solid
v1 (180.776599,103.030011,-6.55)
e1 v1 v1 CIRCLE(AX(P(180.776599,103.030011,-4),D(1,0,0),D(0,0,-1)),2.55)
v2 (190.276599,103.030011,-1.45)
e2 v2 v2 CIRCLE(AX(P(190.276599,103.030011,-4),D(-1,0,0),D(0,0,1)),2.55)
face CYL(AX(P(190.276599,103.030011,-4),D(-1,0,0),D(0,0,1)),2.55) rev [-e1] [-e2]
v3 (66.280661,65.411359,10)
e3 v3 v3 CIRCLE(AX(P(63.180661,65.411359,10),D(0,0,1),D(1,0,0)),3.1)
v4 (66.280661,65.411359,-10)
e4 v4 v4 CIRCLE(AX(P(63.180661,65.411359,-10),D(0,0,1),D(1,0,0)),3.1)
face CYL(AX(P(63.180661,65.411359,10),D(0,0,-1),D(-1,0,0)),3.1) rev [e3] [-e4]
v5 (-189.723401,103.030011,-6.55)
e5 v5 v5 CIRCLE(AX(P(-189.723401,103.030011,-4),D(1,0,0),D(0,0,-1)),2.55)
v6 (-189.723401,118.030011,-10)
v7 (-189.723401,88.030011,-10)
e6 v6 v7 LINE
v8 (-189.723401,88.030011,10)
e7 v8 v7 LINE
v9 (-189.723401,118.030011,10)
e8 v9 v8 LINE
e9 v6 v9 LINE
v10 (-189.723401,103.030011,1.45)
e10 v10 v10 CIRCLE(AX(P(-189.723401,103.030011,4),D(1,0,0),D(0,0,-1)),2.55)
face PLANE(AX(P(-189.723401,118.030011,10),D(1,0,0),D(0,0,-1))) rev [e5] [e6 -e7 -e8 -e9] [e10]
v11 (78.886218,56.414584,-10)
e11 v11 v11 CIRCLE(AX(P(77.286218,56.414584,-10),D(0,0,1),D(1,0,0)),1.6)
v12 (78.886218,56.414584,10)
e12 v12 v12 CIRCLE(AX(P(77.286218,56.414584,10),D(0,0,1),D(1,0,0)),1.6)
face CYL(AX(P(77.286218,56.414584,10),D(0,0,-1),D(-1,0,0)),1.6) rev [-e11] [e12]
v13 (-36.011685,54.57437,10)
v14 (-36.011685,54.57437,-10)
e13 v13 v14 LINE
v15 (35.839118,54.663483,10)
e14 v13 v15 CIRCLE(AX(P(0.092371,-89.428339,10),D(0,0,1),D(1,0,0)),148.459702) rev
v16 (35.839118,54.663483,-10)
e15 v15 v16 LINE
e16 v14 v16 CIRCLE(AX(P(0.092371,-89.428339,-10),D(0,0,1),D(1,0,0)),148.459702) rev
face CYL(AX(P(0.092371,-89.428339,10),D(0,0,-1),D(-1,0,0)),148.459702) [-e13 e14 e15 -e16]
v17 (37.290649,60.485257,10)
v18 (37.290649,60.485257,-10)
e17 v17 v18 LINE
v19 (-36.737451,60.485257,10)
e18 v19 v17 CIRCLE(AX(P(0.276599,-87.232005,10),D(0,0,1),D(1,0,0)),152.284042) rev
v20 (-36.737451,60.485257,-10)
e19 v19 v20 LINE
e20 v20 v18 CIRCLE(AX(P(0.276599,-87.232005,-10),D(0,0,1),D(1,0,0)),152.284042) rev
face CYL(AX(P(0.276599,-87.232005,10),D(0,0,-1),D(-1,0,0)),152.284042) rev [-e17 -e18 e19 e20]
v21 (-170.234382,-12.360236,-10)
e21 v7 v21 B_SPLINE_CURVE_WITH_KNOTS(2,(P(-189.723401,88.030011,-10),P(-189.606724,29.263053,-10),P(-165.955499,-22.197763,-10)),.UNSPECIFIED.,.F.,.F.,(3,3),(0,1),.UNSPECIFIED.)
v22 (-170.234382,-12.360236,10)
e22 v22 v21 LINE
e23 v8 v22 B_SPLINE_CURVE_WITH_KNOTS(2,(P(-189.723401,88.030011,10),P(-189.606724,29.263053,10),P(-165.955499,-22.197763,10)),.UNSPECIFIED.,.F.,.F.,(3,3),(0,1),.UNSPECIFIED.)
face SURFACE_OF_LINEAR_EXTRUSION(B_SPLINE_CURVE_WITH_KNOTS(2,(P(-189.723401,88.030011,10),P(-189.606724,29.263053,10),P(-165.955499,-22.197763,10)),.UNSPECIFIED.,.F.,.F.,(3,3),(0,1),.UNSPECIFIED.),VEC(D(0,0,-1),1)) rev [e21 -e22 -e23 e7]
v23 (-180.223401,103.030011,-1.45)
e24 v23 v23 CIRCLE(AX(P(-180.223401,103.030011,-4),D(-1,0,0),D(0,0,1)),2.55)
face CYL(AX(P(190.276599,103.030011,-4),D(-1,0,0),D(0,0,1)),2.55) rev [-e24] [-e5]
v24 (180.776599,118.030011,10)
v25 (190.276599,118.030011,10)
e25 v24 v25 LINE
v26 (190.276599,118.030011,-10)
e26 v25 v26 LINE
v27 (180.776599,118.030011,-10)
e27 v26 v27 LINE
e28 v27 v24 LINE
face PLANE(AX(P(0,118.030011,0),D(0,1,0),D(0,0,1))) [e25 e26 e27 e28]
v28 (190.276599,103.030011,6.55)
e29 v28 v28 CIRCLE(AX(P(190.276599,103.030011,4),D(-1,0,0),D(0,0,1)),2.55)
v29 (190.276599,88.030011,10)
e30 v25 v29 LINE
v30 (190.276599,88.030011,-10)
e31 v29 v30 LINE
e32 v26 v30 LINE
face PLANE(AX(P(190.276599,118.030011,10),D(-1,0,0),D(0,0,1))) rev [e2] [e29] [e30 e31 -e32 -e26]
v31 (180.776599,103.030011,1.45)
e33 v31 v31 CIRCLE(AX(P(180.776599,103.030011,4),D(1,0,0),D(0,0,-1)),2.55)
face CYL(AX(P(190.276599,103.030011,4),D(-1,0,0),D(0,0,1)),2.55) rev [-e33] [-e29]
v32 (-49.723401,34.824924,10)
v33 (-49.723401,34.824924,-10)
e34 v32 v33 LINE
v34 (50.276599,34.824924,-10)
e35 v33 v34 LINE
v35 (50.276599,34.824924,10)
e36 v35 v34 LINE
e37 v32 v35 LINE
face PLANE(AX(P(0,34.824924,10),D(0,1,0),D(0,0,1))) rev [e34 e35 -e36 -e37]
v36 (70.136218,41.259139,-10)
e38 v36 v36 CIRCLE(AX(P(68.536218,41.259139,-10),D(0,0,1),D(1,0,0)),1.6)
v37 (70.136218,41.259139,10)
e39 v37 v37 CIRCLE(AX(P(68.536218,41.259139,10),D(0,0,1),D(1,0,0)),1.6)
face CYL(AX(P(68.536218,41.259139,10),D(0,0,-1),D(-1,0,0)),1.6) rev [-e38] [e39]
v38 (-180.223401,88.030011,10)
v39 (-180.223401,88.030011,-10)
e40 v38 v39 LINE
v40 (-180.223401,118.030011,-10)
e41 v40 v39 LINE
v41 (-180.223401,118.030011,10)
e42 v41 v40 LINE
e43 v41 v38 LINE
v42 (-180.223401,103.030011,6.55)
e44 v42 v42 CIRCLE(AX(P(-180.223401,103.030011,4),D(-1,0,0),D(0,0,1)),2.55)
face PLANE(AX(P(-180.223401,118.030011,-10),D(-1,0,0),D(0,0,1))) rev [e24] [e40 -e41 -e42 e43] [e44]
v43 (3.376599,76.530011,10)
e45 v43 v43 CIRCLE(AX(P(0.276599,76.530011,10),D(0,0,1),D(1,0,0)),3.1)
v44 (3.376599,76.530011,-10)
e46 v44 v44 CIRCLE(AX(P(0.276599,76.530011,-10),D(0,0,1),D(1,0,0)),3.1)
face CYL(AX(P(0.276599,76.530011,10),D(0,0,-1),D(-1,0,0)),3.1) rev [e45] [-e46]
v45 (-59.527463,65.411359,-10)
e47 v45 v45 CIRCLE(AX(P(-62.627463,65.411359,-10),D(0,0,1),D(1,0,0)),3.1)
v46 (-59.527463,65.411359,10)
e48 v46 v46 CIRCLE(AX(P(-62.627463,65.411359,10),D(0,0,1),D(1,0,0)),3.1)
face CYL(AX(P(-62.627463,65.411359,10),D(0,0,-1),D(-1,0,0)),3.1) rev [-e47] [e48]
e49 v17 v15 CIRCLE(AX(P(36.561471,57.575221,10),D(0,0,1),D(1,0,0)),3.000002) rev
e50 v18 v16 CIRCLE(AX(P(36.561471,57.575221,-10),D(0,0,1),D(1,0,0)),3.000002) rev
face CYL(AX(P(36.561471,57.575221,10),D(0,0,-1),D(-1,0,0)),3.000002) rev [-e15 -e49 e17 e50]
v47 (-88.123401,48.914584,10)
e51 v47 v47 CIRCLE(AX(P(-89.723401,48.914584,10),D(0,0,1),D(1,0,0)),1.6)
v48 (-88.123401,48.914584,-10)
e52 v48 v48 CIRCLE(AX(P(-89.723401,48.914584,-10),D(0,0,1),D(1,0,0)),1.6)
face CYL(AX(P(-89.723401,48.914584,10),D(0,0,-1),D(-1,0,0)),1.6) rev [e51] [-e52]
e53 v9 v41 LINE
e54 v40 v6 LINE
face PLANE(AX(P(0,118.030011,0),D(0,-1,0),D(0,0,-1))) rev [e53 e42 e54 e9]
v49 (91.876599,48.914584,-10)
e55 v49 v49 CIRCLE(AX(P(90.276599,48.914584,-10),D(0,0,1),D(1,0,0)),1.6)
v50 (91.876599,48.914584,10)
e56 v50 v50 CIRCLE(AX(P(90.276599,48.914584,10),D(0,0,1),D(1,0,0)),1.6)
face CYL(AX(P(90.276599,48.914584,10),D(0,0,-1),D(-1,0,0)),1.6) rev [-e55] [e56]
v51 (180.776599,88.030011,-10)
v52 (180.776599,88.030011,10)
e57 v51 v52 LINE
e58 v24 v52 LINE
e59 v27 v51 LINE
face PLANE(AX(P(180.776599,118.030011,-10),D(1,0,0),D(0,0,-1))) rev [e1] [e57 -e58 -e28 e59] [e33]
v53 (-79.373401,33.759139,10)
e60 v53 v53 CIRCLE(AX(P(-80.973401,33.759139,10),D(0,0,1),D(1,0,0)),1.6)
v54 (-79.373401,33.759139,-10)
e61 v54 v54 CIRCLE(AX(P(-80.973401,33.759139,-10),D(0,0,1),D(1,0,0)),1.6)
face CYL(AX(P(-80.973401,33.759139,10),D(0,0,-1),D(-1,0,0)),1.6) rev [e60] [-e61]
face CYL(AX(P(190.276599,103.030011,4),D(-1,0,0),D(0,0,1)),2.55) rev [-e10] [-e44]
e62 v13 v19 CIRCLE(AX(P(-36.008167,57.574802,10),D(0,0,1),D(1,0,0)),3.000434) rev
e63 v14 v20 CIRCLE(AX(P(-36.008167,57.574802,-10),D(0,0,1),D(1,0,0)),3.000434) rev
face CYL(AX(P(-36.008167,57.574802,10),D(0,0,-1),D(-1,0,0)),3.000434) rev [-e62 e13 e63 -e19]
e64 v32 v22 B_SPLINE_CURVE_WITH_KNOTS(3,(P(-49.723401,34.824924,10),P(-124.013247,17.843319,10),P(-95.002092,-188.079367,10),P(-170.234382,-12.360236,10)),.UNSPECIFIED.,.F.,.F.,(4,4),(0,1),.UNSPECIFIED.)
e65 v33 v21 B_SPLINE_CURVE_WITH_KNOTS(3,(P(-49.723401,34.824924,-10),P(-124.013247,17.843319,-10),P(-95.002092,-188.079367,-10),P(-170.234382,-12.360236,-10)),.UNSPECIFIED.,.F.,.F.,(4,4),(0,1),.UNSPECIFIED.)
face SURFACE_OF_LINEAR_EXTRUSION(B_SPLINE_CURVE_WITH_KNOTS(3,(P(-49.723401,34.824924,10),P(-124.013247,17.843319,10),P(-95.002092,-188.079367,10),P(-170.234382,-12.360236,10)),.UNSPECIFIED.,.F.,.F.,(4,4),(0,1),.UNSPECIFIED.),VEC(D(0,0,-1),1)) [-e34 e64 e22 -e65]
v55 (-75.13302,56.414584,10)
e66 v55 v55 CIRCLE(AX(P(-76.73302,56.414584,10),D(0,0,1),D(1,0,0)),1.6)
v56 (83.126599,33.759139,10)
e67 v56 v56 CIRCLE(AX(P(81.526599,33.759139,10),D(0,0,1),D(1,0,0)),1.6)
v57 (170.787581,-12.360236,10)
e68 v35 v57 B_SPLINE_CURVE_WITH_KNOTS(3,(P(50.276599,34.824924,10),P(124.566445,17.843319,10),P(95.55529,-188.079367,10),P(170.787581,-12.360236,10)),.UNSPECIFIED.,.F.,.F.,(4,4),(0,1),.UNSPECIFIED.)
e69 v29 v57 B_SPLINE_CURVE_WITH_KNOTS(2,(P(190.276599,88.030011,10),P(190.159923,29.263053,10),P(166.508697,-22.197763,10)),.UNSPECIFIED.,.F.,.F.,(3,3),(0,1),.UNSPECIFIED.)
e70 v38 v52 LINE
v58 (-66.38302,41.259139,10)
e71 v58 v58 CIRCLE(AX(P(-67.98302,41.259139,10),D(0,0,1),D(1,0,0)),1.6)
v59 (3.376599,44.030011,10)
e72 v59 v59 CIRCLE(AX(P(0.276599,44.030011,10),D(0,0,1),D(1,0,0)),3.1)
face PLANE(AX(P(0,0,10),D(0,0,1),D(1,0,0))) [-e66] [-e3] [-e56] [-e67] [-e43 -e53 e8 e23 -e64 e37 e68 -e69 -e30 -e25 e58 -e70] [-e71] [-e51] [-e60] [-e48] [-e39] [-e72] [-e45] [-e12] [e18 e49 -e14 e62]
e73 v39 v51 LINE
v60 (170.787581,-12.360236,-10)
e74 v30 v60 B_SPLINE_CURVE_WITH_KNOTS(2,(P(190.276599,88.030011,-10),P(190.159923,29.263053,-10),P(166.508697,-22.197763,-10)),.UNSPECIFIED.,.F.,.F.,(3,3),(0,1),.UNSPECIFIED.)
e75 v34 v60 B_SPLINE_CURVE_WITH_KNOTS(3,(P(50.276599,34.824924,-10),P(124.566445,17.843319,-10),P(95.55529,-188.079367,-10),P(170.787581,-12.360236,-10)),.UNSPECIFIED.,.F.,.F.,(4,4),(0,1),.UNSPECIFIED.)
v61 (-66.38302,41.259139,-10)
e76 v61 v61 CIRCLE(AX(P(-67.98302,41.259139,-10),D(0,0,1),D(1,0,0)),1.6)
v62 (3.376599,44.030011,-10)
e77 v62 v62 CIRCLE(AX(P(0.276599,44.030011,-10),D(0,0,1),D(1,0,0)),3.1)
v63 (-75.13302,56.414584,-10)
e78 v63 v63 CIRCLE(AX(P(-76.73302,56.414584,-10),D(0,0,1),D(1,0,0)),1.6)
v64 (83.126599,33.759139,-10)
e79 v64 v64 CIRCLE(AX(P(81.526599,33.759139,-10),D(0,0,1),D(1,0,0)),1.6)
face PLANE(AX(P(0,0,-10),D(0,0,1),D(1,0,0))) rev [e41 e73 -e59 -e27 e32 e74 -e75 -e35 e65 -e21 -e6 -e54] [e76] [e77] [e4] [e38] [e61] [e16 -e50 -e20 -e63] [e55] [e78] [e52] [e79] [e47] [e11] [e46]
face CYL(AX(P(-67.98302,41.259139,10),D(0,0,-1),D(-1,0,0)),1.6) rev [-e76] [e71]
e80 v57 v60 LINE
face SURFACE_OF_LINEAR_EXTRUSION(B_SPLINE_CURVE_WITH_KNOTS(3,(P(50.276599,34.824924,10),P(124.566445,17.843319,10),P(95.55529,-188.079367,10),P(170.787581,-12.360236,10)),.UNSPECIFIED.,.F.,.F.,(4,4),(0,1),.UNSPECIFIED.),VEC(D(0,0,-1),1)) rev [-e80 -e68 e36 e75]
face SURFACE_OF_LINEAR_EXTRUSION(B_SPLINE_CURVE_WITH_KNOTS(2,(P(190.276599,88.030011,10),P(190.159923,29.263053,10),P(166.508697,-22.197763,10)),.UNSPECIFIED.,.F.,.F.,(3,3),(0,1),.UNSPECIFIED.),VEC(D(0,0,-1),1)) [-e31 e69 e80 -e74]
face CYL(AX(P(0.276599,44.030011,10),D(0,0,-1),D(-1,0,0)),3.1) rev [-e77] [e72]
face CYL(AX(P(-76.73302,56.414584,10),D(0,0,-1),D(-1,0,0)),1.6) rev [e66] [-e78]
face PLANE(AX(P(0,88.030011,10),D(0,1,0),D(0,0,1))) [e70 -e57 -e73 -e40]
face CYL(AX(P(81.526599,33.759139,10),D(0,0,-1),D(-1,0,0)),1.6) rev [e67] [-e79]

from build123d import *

# Parameters (mm, degrees)
SKETCH_1_R               = 3.1
SKETCH_1_R_2             = 1.6
EXTRUDE_1_DEPTH          = 10
SKETCH_7_W               = 9.5
SKETCH_7_H               = 20
EXTRUDE_2_DEPTH          = 30
CUT_EXTRUDE_1_DEPTH      = 399.034023277
CUT_EXTRUDE_1_DEPTH_BACK = 399.034023277
SKETCH_8_R               = 2.55


with BuildPart() as part:
    # 草图1 → 凸台-拉伸1 (new, symmetric)
    # profile 1 of 3: a face of its own
    with BuildSketch(Plane.XY):
        with BuildLine():
            Line((-49.723400677, 34.824923839), (50.276599325, 34.824923839))
            add(Edge.make_bspline(
                [(50.276599325, 34.824923839), (124.566445362, 17.843319342), (95.555290462, -188.079366879), (170.787580761, -12.360236435)],
                knots=[0, 0, 0, 0, 1, 1, 1, 1], degree=3))
            ThreePointArc((170.787580761, -12.360236435), (0.276599325, 88.030011373), (-170.23438211, -12.360236435))
            add(Edge.make_bspline(
                [(-49.723400677, 34.824923839), (-124.01324671, 17.843319337), (-95.002091812, -188.079366877), (-170.23438211, -12.360236435)],
                knots=[0, 0, 0, 0, 1, 1, 1, 1], degree=3))
        make_face()
        with Locations((-62.62746254, 65.411358975)):
            Circle(SKETCH_1_R, mode=Mode.SUBTRACT)
        with Locations((-76.733019619, 56.414584056)):
            Circle(SKETCH_1_R_2, mode=Mode.SUBTRACT)
        with Locations((-89.723400674, 48.914584057)):
            Circle(SKETCH_1_R_2, mode=Mode.SUBTRACT)
        with Locations((-67.983019619, 41.25913949)):
            Circle(SKETCH_1_R_2, mode=Mode.SUBTRACT)
        with Locations((-80.973400674, 33.759139488)):
            Circle(SKETCH_1_R_2, mode=Mode.SUBTRACT)
        with Locations((0.276599325, 76.530011374)):
            Circle(SKETCH_1_R, mode=Mode.SUBTRACT)
        with Locations((0.276599325, 44.030011375)):
            Circle(SKETCH_1_R, mode=Mode.SUBTRACT)
        with Locations((63.180661188, 65.411358975)):
            Circle(SKETCH_1_R, mode=Mode.SUBTRACT)
        with Locations((77.286218268, 56.414584056)):
            Circle(SKETCH_1_R_2, mode=Mode.SUBTRACT)
        with Locations((90.276599325, 48.914584057)):
            Circle(SKETCH_1_R_2, mode=Mode.SUBTRACT)
        with Locations((81.526599324, 33.759139488)):
            Circle(SKETCH_1_R_2, mode=Mode.SUBTRACT)
        with Locations((68.536218267, 41.25913949)):
            Circle(SKETCH_1_R_2, mode=Mode.SUBTRACT)
        with BuildLine():
            ThreePointArc((-36.011685017, 54.574370317), (-0.091755893, 59.031248881), (35.839117979, 54.663483137))
            ThreePointArc((35.839117979, 54.663483137), (39.472360183, 56.849455003), (37.290649352, 60.485257494))
            ThreePointArc((37.290649352, 60.485257494), (0.276599325, 65.052037292), (-36.737450702, 60.485257494))
            ThreePointArc((-36.737450702, 60.485257494), (-38.986236568, 57.209141311), (-36.011685017, 54.574370317))
        make_face(mode=Mode.SUBTRACT)
    # profile 2 of 3: a face of its own
    with BuildSketch(Plane.XY):
        with BuildLine():
            add(Edge.make_bspline(
                [(-189.723400675, 88.030011373), (-189.61780162, 34.842552906), (-170.23438211, -12.360236435)],
                knots=[0, 0, 0, 0.9050572, 0.9050572, 0.9050572], degree=2))
            ThreePointArc((-170.23438211, -12.360236435), (-98.657970523, 61.068551265), (0.276599915, 88.030011373))
            Line((0.276599915, 88.030011373), (-189.723400675, 88.030011373))
        make_face()
    # profile 3 of 3: a face of its own
    with BuildSketch(Plane.XY):
        with BuildLine():
            ThreePointArc((0.276599915, 88.030011373), (99.211169681, 61.068550966), (170.787580761, -12.360236435))
            add(Edge.make_bspline(
                [(190.276599325, 88.030011373), (190.171000271, 34.842552906), (170.787580761, -12.360236435)],
                knots=[0, 0, 0, 0.9050572, 0.9050572, 0.9050572], degree=2))
            Line((190.276599325, 88.030011373), (0.276599915, 88.030011373))
        make_face()
    extrude(amount=EXTRUDE_1_DEPTH, both=True)

    # 草图7 → 凸台-拉伸2 (add)
    with BuildSketch(Plane(origin=(0, 88.030011373, 0), x_dir=(1, 0, 0), z_dir=(0, 1, 0))):
        with Locations((-184.973400675, 0)):
            Rectangle(SKETCH_7_W, SKETCH_7_H)
        with Locations((185.526599325, 0)):
            Rectangle(SKETCH_7_W, SKETCH_7_H)
    extrude(amount=EXTRUDE_2_DEPTH)

    # 草图8 → 切除-拉伸1 (cut, two sides: drawn at the far end of the back side and taken through both)
    with BuildSketch(Plane.ZY.offset(189.723400675).offset(-CUT_EXTRUDE_1_DEPTH_BACK)):
        with Locations((-4, 103.030011373)):
            Circle(SKETCH_8_R)
        with Locations((4, 103.030011373)):
            Circle(SKETCH_8_R)
    extrude(amount=CUT_EXTRUDE_1_DEPTH + CUT_EXTRUDE_1_DEPTH_BACK, mode=Mode.SUBTRACT)


solid = part.part
